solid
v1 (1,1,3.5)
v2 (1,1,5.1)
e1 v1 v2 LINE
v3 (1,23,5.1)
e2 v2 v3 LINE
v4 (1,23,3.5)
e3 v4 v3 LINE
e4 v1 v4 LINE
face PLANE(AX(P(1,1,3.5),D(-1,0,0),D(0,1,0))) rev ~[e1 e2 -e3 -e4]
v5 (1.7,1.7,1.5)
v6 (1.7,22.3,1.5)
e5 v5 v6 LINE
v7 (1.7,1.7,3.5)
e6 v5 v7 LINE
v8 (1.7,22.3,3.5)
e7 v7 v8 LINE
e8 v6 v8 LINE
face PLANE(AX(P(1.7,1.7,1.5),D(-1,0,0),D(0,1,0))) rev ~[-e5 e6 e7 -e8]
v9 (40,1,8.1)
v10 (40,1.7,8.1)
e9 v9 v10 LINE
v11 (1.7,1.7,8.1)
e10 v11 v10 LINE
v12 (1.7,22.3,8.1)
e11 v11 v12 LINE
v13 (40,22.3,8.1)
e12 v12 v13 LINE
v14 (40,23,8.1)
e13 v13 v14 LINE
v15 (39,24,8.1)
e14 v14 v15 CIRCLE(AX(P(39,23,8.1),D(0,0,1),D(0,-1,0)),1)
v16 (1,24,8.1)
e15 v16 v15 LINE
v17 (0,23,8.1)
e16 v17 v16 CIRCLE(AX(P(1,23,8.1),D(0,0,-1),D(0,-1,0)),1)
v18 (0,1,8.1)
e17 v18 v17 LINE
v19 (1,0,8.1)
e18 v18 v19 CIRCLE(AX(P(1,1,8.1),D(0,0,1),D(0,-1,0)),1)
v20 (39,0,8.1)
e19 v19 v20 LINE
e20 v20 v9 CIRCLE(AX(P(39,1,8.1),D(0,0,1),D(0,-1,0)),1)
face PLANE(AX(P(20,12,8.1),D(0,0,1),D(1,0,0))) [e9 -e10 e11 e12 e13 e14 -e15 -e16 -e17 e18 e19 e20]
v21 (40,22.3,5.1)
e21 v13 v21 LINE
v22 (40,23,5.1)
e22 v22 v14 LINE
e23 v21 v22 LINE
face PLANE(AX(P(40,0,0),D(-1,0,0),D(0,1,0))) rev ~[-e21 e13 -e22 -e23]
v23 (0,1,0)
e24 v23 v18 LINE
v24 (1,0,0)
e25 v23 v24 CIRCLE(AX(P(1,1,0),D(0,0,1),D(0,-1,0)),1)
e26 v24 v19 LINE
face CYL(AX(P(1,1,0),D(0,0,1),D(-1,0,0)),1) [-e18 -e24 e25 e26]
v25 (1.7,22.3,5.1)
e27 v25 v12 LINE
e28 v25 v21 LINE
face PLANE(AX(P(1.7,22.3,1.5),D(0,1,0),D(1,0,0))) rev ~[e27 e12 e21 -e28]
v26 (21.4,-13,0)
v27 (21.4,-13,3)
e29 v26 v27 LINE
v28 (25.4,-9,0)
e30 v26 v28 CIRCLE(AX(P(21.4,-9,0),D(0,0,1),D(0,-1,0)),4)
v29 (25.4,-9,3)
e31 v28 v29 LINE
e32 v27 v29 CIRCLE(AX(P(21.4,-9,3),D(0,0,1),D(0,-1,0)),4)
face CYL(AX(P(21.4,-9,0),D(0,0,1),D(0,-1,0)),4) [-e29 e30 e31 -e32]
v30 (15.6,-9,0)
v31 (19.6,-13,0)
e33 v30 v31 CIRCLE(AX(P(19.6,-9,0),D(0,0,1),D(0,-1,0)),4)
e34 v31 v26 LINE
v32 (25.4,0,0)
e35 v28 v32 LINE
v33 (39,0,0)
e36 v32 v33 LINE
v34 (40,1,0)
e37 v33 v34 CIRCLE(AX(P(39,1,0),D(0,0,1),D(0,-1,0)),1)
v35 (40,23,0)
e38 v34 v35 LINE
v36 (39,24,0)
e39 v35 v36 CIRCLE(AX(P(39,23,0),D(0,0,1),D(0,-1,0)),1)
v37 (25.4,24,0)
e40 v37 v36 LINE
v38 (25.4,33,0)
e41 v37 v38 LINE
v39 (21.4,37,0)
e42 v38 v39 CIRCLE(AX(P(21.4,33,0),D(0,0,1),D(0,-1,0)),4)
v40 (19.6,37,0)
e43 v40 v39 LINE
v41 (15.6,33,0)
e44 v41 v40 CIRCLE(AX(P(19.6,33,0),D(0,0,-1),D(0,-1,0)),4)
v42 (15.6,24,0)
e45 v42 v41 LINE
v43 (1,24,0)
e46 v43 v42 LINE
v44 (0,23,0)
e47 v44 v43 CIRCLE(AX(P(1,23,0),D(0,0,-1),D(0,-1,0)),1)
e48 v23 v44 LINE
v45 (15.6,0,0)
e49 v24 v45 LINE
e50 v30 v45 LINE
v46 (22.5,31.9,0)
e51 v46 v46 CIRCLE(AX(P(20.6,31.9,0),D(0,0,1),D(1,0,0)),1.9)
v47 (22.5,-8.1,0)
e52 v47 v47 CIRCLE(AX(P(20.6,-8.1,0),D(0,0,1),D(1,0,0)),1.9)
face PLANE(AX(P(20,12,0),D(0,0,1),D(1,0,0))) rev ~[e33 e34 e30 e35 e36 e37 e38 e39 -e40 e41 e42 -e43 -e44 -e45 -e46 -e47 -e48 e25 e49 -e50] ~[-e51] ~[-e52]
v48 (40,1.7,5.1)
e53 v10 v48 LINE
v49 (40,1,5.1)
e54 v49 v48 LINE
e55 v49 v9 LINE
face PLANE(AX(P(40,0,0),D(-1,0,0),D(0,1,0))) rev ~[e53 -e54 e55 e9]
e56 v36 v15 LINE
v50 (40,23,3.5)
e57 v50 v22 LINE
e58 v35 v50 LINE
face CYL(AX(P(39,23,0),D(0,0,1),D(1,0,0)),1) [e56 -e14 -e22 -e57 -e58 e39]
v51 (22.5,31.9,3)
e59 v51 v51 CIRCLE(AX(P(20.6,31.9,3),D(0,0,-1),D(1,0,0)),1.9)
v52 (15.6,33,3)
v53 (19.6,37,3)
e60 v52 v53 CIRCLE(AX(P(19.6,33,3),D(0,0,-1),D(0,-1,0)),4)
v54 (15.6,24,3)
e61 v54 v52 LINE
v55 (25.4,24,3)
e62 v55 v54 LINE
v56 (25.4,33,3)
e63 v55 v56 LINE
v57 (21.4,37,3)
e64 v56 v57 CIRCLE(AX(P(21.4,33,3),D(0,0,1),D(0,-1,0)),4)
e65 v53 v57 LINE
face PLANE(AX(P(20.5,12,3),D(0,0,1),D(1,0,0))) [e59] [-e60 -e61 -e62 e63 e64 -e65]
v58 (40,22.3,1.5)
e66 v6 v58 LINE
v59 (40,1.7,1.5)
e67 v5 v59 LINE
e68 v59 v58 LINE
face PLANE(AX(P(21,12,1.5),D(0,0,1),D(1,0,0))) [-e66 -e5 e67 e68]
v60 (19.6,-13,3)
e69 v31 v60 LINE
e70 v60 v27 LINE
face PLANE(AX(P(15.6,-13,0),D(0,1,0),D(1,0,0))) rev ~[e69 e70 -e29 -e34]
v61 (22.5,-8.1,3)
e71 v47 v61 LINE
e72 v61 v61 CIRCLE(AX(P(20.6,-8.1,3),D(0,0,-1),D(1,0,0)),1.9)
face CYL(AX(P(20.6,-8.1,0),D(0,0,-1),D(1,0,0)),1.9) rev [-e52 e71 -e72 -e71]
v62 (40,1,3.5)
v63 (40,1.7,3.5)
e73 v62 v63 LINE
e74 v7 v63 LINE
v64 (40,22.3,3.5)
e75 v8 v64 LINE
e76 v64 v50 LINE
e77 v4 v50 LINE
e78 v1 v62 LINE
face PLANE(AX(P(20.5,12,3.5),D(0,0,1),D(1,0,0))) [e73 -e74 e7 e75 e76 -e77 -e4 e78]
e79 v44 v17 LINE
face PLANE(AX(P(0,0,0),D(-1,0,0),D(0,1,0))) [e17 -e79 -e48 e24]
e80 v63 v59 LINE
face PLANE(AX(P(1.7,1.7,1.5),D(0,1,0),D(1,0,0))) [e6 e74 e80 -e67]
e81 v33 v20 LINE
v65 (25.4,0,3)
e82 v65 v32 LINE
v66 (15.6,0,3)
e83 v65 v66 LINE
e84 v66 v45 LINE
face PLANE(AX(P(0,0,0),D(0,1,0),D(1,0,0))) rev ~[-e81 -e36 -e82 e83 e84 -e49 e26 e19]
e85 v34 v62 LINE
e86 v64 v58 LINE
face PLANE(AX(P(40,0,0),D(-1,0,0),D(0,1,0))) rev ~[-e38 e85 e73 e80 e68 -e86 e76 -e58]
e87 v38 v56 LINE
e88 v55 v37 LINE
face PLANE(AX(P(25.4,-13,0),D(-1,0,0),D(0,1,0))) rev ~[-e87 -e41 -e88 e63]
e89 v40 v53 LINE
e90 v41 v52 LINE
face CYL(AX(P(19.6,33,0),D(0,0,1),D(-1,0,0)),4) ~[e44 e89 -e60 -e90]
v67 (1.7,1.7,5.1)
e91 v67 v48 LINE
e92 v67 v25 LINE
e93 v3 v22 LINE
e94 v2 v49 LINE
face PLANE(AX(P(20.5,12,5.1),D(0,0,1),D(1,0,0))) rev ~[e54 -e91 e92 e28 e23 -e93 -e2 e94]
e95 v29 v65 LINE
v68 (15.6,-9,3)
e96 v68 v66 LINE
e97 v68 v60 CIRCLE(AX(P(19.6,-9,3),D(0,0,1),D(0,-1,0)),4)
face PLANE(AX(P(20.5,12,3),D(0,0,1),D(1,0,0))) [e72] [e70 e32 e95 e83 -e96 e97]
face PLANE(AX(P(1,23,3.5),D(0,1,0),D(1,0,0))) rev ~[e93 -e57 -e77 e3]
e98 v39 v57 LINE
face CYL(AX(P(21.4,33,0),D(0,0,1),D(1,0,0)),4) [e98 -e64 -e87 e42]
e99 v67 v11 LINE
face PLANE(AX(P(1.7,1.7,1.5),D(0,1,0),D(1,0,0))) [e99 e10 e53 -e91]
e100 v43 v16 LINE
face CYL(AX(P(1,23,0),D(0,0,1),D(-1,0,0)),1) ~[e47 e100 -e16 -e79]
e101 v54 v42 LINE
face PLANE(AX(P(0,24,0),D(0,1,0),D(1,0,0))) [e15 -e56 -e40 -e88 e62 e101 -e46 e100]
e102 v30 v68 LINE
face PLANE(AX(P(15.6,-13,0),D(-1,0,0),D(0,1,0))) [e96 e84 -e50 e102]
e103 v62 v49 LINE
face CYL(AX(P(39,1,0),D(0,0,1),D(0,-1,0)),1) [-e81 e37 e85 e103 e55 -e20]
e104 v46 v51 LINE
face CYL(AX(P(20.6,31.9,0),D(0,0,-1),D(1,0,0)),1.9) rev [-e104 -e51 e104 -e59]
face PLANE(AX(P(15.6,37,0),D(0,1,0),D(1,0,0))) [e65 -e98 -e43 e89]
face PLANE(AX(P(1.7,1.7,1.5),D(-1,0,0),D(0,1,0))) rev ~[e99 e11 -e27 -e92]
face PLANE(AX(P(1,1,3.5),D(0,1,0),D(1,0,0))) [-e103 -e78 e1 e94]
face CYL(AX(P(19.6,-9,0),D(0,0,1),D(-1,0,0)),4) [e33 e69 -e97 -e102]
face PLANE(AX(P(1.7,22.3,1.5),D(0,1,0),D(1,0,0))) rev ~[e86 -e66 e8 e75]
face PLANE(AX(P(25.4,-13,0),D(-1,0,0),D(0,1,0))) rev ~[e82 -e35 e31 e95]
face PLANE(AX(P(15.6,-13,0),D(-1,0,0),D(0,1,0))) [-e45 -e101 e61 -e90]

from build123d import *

# Parameters (mm, degrees)
BOX007_W          = 39
BOX007_H          = 22
BOX007_DEPTH      = 1.6
BOX006_W          = 38.6
BOX006_H          = 20.6
BOX006_DEPTH      = 6.6
BOX_W             = 40
BOX_H             = 24
BOX_DEPTH         = 8.1
FILLET_R          = 1
CYLINDER001_R     = 1.9
CYLINDER001_DEPTH = 10
ARRAY002_Y_COUNT  = 2
ARRAY002_Y_PITCH  = 40
BOX005_W          = 9.8
BOX005_H          = 50
BOX005_DEPTH      = 3
FILLET002_R       = 4


with BuildPart() as pcb_extract_cube:
    # Box007 → Box007 (new body)
    with BuildSketch(Plane(origin=(1, 1, 3.5), x_dir=(1, 0, 0), z_dir=(0, 0, 1))):
        with Locations((19.5, 11)):
            Rectangle(BOX007_W, BOX007_H)
    extrude(amount=BOX007_DEPTH)


with BuildPart() as extract_fusion:
    # Box006 → Box006 (new body)
    with BuildSketch(Plane(origin=(1.7, 1.7, 1.5), x_dir=(1, 0, 0), z_dir=(0, 0, 1))):
        with Locations((19.3, 10.3)):
            Rectangle(BOX006_W, BOX006_H)
    extrude(amount=BOX006_DEPTH)

    # Fusion: union pcb extract cube
    add(pcb_extract_cube.part)


with BuildPart() as external_fillet:
    # Box → Box (new body)
    with BuildSketch(Plane.XY):
        with Locations((20, 12)):
            Rectangle(BOX_W, BOX_H)
    extrude(amount=BOX_DEPTH)

    # Fillet
    fillet_edges = [external_fillet.edges().sort_by_distance(p)[0] for p in [
        (0, 0, 4.05),
        (0, 24, 4.05),
        (40, 0, 4.05),
        (40, 24, 4.05),
    ]]
    fillet(fillet_edges, radius=FILLET_R)


with BuildPart() as attach_hole_array:
    # Cylinder001 → Cylinder001 (new body)
    with BuildSketch(Plane(origin=(5, 4.9, 0), x_dir=(1, 0, 0), z_dir=(0, 0, 1))):
        Circle(CYLINDER001_R)
    extrude(amount=CYLINDER001_DEPTH)

    # Array002 Y: attach hole array ×2


with BuildPart() as attach_hole_array_1:
    add(attach_hole_array.part)
    with Locations(*[(0, i * ARRAY002_Y_PITCH, 0) for i in range(1, ARRAY002_Y_COUNT)]):
        add(attach_hole_array.part)


with BuildPart() as pl2303_cut:
    # Box005 → Box005 (new body)
    with BuildSketch(Plane.XY):
        with Locations((4.9, 25)):
            Rectangle(BOX005_W, BOX005_H)
    extrude(amount=BOX005_DEPTH)

    # Fillet002
    fillet002_edges = [pl2303_cut.edges().sort_by_distance(p)[0] for p in [
        (0, 0, 1.5),
        (0, 50, 1.5),
        (9.8, 0, 1.5),
        (9.8, 50, 1.5),
    ]]
    fillet(fillet002_edges, radius=FILLET002_R)

    # Cut002: cut attach hole array
    add(attach_hole_array_1.part, mode=Mode.SUBTRACT)


with BuildPart() as pl2303_cut_1:
    # Cut002 placement: moved
    add(pl2303_cut.part.moved(Location((15.6, -13, 0))))

    # Fusion001: union external fillet
    add(external_fillet.part)

    # Cut: cut extract fusion
    add(extract_fusion.part, mode=Mode.SUBTRACT)


solid = pl2303_cut_1.part
